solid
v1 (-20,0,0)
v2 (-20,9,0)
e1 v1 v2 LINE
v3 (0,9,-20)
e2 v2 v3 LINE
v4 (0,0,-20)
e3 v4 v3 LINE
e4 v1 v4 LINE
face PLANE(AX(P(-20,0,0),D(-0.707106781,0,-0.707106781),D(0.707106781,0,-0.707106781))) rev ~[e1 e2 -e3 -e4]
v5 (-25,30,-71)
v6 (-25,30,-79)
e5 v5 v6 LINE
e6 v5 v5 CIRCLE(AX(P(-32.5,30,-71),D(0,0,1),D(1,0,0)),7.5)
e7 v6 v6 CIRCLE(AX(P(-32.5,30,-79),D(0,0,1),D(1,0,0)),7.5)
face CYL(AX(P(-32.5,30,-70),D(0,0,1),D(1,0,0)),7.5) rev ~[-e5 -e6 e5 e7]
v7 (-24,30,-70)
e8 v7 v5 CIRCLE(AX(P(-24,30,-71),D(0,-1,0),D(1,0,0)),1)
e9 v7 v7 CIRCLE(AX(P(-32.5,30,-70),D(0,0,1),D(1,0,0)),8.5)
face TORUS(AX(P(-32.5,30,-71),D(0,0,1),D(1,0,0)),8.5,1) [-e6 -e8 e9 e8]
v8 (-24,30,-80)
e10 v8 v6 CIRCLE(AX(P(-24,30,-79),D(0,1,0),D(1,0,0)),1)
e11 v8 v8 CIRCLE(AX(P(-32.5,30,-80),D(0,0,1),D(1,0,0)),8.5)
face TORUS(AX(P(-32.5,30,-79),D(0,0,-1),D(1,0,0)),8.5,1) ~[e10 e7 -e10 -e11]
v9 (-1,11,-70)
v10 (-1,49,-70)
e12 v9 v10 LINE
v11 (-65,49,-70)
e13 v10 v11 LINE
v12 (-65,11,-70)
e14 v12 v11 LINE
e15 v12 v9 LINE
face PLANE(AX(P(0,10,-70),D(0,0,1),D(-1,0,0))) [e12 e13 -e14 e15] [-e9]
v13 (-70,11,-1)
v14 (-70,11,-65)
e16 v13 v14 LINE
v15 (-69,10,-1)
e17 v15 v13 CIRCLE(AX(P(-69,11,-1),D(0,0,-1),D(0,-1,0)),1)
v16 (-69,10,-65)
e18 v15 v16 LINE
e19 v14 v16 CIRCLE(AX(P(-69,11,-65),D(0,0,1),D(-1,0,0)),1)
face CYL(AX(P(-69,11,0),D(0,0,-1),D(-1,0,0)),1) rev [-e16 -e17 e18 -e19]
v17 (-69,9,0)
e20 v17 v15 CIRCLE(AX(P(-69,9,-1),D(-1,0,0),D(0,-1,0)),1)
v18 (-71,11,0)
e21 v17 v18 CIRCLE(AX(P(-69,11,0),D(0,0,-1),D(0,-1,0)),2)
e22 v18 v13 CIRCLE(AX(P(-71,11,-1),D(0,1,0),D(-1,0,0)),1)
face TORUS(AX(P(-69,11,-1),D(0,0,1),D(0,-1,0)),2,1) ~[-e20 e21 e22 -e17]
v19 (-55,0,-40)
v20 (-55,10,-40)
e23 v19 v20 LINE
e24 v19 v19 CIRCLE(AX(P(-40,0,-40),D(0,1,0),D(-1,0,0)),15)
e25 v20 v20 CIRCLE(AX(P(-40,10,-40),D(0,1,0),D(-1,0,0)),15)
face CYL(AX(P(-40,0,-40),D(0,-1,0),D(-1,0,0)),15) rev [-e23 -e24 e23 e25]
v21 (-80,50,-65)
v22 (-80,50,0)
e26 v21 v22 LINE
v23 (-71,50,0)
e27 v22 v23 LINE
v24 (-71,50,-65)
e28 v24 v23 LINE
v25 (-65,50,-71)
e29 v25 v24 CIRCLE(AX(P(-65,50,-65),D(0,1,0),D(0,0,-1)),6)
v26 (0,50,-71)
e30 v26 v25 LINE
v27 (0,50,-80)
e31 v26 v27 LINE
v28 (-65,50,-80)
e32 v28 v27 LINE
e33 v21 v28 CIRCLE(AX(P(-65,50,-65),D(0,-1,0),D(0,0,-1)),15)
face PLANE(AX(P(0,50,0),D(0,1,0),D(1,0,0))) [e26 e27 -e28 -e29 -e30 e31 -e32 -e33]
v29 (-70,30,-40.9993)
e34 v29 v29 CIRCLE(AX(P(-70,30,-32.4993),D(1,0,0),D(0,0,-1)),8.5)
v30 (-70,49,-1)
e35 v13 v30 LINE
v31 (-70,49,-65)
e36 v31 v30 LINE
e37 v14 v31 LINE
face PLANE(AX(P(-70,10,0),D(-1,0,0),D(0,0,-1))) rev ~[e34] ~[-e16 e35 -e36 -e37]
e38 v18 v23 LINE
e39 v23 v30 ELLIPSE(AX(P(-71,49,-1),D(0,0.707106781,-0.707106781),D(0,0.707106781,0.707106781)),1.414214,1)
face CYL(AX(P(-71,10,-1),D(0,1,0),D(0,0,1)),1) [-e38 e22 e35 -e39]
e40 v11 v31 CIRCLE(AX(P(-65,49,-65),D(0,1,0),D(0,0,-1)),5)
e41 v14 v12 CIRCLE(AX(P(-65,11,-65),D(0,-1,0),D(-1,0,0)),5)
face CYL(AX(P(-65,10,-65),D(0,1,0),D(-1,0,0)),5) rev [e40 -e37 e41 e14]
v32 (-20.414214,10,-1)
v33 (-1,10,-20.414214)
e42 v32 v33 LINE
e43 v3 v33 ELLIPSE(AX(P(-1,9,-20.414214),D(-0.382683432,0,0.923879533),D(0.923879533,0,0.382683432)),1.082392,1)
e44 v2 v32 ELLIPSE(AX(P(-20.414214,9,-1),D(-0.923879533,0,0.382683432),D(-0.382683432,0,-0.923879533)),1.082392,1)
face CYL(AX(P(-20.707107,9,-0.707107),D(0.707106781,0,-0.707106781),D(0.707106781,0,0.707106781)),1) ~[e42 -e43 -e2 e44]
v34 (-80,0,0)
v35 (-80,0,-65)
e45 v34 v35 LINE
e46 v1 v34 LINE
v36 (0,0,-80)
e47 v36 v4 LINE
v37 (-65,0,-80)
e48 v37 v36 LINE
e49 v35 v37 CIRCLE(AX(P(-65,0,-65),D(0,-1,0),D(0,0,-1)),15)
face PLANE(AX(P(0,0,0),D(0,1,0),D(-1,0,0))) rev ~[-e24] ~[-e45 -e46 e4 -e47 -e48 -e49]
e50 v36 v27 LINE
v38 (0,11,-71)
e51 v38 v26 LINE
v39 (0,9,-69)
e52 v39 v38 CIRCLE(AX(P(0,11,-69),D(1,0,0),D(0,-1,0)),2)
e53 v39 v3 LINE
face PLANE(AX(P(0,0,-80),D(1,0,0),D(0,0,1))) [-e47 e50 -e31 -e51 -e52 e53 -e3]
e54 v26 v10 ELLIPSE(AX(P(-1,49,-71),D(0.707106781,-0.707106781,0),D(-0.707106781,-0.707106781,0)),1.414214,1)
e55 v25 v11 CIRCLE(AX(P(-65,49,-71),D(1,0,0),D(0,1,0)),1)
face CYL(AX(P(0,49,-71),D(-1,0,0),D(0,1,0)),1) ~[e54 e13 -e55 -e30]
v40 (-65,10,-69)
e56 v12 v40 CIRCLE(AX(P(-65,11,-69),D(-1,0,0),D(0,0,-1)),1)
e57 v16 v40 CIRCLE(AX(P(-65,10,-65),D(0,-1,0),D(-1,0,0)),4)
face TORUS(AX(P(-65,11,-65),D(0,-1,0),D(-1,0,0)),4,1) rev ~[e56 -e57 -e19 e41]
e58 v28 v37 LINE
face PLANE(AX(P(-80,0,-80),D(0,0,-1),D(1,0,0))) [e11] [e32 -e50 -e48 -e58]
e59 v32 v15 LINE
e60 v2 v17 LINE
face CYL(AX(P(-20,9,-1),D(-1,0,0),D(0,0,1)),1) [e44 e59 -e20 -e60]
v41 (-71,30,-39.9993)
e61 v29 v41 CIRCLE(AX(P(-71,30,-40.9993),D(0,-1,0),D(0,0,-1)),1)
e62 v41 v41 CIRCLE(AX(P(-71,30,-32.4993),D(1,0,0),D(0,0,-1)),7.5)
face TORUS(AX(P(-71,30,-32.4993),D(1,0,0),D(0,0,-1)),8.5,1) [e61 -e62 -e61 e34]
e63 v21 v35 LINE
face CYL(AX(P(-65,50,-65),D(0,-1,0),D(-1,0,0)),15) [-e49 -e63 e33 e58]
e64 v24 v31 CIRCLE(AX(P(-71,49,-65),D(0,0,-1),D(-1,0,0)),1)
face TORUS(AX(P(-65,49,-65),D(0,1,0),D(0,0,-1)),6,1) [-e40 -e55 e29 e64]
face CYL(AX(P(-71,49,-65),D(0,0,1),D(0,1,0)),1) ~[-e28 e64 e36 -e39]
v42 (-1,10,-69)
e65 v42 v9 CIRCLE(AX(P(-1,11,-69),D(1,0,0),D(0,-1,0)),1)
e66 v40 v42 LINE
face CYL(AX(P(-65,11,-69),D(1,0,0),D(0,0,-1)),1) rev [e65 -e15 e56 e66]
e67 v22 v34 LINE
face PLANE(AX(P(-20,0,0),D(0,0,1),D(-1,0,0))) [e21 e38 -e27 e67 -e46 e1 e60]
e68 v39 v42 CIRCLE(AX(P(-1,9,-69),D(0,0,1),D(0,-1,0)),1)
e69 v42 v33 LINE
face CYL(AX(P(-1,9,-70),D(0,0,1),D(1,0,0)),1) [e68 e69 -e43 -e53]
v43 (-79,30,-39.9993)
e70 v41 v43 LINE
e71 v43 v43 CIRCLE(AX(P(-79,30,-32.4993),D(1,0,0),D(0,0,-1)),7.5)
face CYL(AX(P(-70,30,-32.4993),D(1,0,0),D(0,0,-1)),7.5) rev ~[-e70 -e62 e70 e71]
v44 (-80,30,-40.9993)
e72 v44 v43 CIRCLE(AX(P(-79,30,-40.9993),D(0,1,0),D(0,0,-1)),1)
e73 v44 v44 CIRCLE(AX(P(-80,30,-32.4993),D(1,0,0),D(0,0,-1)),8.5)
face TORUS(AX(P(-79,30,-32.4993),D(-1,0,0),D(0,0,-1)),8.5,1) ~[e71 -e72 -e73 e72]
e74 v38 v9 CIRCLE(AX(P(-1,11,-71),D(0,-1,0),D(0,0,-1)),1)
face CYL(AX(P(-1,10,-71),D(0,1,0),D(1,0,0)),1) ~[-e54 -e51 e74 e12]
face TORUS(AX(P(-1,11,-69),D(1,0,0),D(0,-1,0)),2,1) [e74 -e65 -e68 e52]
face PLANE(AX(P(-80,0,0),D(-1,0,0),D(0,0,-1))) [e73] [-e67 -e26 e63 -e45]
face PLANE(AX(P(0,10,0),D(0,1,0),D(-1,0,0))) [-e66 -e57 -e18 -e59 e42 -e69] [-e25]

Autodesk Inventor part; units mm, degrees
ref_plane "YZ Plane" through (0, 0, 0) normal (1, 0, 0) x (0, 1, 0)
ref_plane "XZ Plane" through (0, 0, 0) normal (0, 1, 0) x (-1, 0, 0)
ref_plane "XY Plane" through (0, 0, 0) normal (0, 0, 1) x (1, 0, 0)
sketch "Sketch1" plane through (0, 0, 0) normal (0, 1, 0) x (-1, 0, 0)
  line L0 (0, 0) -> (80, 0)
  line L1 (80, 0) -> (80, -80)
  line L2 (80, -80) -> (0, -80)
  line L3 (0, -80) -> (0, 0)
  circle A0 centre (40, -40) radius 15
  line L4 (20, 0) -> (0, -20)
  point P0 (80, -40)
  point P1 (40, -80)
  dimension "d0" = 80
  dimension "d1" = 80
  dimension "d3" = 30
  dimension "d4" = 20
  dimension "d5" = 20
extrude "Extrusion1" add sketch "Sketch1" along normal blind 10 contours L0 L1 L2 L3 L4
sketch "Sketch2" plane through (0, 10, 0) normal (0, 1, 0) x (1, 0, 0)
  line L0 (0, 80) -> (-80, 80) projected
  line L1 (0, 20) -> (0, 80) projected
  line L2 (-80, 80) -> (0, 80)
  line L3 (0, 80) -> (0, 70)
  line L4 (0, 70) -> (-80, 70)
  line L5 (-80, 70) -> (-80, 80)
  line L6 (-80, 80) -> (-80, 0) projected
  line L7 (-80, 0) -> (-70, 0)
  line L8 (-70, 0) -> (-70, 80)
  line L9 (-70, 80) -> (-80, 80)
  line L10 (-80, 80) -> (-80, 0)
  point P0 (0, 0)
  point P1 (-70, 70)
  dimension "d8" = 10
  dimension "d9" = 10
extrude "Extrusion2" add sketch "Sketch2" along normal blind 40
fillet "Fillet1" radius 5 1 edges at (-70, 30, -70)
fillet "Fillet2" radius 15 1 edges at (-80, 25, -80)
sketch "Sketch3" plane through (0, 10, -70) normal (0, 0, 1) x (1, 0, 0)
  circle A0 centre (-32.5, 20) radius 7.5
  line L0 (0, 0) -> (0, 40) projected
  line L1 (-65, 40) -> (0, 40) projected
  line L2 (-80, -10) -> (-80, 40) projected
  point P0 (0, -10)
  point P1 (0, 20)
  point P2 (-32.5, 40)
  point P3 (-32.5, 40)
  point P4 (0, 20)
  point P5 (0, 20)
  point P6 (0, 20)
  dimension "d14" = 15
  dimension "d15" = 80
extrude "Extrusion3" cut sketch "Sketch3" against normal blind 40
sketch "Sketch4" plane through (-70, 10, 0) normal (1, 0, 0) x (0, 0, -1)
  circle A0 centre (32.4993, 20) radius 7.5
  line L0 (65, 40) -> (65, 0) projected
  line L1 (0, 0) -> (0, 40) projected
  point P0 (0, -10)
  point P1 (0, 20)
  dimension "d18" = 15
  dimension "d19" = 65
  dimension "d20" = 32.4993
extrude "Extrusion4" cut sketch "Sketch4" against normal blind 40
fillet "Fillet3" radius 1 14 edges at (-32.5, 50, -70) (-70, 50, -32.5) (-70, 30, 0) (-68.5355, 10, -68.5355) (-32.5, 10, -70) (-70, 10, -32.5) (-45, 10, 0) (-10, 10, -10) (0, 10, -45) (0, 30, -70) (-70, 30, -24.9993) (-40, 30, -70) (-40, 30, -80) (-80, 30, -24.9993)
properties part number "Tutorial Pt.1" material "Stainless Steel"
